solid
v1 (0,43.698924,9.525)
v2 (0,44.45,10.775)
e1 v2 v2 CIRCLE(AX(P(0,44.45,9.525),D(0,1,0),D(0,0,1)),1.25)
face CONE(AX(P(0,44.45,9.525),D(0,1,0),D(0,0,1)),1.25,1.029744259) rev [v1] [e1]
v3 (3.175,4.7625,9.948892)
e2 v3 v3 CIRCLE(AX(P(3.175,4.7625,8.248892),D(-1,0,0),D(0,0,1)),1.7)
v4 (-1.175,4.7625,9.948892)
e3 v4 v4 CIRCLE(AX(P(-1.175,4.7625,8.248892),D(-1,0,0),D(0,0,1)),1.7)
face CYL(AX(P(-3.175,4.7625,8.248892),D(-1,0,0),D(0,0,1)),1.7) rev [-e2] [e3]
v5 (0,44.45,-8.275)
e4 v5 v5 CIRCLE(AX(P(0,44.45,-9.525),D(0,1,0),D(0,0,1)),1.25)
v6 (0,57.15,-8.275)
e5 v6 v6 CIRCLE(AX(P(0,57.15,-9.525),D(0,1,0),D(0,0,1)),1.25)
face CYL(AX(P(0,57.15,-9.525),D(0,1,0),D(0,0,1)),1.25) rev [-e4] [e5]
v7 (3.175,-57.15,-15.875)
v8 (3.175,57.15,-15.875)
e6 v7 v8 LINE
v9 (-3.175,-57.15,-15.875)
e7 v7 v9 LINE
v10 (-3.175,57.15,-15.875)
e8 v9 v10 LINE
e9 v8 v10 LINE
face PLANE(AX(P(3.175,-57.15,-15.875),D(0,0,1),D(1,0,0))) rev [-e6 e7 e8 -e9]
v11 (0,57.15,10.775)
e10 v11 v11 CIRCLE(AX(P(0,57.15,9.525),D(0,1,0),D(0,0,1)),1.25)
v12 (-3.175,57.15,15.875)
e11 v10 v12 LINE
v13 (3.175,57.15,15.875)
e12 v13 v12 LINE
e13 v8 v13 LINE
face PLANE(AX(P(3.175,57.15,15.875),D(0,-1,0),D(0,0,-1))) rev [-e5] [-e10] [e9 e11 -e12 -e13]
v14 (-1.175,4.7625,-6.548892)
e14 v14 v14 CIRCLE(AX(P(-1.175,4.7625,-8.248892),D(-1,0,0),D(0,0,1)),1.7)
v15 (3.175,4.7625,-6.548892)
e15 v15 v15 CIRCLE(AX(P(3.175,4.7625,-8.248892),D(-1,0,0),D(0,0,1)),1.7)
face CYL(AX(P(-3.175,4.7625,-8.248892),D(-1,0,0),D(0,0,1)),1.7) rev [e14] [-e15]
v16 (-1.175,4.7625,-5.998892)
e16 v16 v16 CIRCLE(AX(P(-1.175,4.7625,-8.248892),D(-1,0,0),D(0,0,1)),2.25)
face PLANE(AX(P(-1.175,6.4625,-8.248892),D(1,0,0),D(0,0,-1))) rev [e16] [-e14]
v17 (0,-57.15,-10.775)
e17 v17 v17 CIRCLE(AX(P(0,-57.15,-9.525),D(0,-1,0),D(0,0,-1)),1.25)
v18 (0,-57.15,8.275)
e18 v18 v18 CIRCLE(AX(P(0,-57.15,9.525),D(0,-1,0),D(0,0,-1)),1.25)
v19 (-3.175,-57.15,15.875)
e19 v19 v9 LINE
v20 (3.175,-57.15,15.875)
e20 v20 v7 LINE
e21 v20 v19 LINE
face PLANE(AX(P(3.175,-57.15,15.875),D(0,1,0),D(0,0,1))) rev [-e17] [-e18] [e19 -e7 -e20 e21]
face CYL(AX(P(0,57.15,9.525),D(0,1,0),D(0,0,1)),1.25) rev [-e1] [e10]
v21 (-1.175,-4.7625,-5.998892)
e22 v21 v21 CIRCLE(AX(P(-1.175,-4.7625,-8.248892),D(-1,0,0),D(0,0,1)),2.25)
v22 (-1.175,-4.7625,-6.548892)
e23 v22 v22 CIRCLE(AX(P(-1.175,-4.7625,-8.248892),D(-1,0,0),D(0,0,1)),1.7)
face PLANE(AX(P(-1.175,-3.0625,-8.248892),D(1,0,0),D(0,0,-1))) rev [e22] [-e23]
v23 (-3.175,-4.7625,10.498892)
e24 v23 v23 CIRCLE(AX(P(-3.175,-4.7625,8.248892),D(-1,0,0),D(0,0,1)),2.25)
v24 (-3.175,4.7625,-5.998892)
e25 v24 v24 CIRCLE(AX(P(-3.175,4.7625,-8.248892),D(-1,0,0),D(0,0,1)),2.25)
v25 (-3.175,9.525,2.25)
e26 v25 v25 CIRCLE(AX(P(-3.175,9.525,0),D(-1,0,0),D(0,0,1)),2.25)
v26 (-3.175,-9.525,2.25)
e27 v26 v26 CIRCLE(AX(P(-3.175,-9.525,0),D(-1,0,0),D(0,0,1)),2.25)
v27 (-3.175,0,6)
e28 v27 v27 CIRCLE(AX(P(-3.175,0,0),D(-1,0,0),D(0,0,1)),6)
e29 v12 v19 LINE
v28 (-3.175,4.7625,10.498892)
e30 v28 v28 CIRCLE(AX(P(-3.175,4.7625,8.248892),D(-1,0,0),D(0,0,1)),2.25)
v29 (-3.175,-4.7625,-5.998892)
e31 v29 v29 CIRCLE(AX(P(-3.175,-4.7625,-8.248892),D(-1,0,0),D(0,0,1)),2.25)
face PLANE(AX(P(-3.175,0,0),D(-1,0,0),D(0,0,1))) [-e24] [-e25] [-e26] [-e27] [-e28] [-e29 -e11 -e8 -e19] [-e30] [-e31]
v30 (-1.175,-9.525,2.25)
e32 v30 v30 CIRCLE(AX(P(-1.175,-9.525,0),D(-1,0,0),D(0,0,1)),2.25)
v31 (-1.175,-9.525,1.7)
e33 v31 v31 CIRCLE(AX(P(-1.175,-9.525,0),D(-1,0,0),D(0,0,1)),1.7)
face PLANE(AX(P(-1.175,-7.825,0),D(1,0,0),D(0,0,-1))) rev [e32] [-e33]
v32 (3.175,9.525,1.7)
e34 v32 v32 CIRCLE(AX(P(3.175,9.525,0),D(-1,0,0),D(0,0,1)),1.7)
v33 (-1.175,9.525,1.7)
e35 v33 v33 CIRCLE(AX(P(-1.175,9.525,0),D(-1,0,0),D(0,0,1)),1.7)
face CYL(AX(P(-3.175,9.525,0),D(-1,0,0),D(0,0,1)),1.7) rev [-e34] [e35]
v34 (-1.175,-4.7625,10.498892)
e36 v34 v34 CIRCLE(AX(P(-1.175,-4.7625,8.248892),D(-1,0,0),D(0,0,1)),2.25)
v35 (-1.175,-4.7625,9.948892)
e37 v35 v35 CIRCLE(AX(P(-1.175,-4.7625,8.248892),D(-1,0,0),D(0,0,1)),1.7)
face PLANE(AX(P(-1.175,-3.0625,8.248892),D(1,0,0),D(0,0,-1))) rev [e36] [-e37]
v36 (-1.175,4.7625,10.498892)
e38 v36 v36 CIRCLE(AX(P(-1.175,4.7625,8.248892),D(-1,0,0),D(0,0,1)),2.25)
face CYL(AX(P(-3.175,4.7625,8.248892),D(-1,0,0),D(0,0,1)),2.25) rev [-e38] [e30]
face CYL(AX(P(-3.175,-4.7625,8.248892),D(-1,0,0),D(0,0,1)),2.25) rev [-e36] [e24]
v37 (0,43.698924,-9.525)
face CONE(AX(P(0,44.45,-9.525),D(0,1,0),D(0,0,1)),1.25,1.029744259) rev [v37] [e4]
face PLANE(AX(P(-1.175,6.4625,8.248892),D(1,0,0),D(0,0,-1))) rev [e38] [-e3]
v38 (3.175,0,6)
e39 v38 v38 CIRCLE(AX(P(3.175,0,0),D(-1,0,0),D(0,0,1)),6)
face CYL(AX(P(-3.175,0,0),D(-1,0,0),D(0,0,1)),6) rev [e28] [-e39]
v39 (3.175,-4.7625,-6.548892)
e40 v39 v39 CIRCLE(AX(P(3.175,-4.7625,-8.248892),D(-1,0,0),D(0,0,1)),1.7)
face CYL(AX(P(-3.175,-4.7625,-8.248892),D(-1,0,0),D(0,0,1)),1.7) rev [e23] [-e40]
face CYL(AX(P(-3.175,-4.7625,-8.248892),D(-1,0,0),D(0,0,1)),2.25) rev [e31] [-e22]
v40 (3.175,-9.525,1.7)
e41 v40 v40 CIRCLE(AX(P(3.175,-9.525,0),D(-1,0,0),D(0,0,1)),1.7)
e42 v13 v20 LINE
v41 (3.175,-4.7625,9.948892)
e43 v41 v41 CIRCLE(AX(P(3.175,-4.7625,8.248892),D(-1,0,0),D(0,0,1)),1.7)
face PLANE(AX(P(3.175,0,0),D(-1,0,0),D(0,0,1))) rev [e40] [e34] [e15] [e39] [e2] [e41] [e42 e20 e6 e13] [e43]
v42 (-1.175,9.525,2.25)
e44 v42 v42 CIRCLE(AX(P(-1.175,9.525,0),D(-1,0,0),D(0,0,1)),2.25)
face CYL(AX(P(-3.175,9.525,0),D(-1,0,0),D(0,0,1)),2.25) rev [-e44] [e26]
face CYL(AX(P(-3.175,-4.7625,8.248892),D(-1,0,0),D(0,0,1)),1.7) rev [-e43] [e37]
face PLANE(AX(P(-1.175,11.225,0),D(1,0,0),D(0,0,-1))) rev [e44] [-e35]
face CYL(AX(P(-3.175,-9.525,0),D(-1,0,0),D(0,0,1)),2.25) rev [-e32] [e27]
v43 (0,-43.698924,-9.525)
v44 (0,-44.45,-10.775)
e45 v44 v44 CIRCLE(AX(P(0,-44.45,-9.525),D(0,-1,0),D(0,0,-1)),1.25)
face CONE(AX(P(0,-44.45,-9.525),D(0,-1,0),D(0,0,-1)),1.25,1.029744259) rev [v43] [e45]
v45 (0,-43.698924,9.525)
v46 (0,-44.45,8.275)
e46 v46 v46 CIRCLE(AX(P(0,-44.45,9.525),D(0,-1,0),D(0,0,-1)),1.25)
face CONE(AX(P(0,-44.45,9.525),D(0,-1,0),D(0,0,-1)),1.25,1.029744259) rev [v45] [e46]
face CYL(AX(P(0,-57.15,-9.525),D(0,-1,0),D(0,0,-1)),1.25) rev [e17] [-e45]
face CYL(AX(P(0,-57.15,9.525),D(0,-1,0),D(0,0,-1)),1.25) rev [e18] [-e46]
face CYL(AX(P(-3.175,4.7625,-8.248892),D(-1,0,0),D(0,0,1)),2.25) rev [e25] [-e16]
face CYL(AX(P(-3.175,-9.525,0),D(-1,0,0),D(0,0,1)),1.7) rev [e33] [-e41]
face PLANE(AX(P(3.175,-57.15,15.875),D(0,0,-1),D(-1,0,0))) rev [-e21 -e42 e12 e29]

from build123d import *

# Parameters (mm, degrees)
SKETCH1_W                      = 31.75
SKETCH1_H                      = 114.3
BOSS_EXTRUDE1_DEPTH            = 3.175
M3X0_5_TAPPED_HOLE1_AT_2_COUNT = 2
M3X0_5_TAPPED_HOLE1_AT_2_PITCH = 19.05
F_12_0MM_DOWEL_HOLE1_D         = 12
CBORE_FOR_M3_SHCS1_D           = 3.4
CBORE_FOR_M3_SHCS1_DEPTH       = 11.678536948
CBORE_FOR_M3_SHCS1_CBORE_D     = 4.5
CBORE_FOR_M3_SHCS1_CBORE_DEPTH = 2
CBORE_FOR_M3_SHCS1_TIP         = 1.021463052


with BuildPart() as part:
    # Sketch1 → Boss-Extrude1 (new, symmetric)
    with BuildSketch(Plane(origin=(0, 0, 0), x_dir=(0, 0, -1), z_dir=(1, 0, 0))):
        Rectangle(SKETCH1_W, SKETCH1_H)
    extrude(amount=BOSS_EXTRUDE1_DEPTH, both=True)

    # Sketch5 → M3x0.5 Tapped Hole1 (revolve, cut)
    with BuildSketch(Plane(origin=(0, 57.15, -9.525), x_dir=(0, 0, 1), z_dir=(1, 0, 0))):
        Polygon((0, 0), (0, 13.451075774), (1.25, 12.7), (1.25, 0), align=None)
    m3x0_5_tapped_hole1 = revolve(axis=Axis((0, 63.5, -9.525), (0, -1, 0)), mode=Mode.SUBTRACT)

    # M3x0.5 Tapped Hole1 at 2: M3x0.5 Tapped Hole1 ×2
    with Locations(*[(0, 0, i * M3X0_5_TAPPED_HOLE1_AT_2_PITCH) for i in range(1, M3X0_5_TAPPED_HOLE1_AT_2_COUNT)]):
        add(m3x0_5_tapped_hole1, mode=Mode.SUBTRACT)

    # Mirror1: M3x0.5 Tapped Hole1 across plane
    add(m3x0_5_tapped_hole1.mirror(Plane.ZX), mode=Mode.SUBTRACT)

    # Mirror1 copy 1 sketch → Mirror1 copy 1 (revolve, cut)
    with BuildSketch(Plane(origin=(0, -57.15, 9.525), x_dir=(0, 0, 1), z_dir=(1, 0, 0))):
        Polygon((0, 0), (0, -13.451075774), (1.25, -12.7), (1.25, 0), align=None)
    revolve(axis=Axis((0, -63.5, 9.525), (0, -1, 0)), mode=Mode.SUBTRACT)

    # Ø12.0mm Dowel Hole1 (through all)
    with Locations(Plane.ZY.offset(3.175)):
        with Locations((0, 0)):
            Hole(F_12_0MM_DOWEL_HOLE1_D / 2)

    # CBORE for M3 SHCS1
    with Locations(Plane.ZY.offset(3.175)):
        with Locations((8.248891971, -4.7625), (8.248891971, 4.7625), (0, 9.525), (-8.248891971, 4.7625), (-8.248891971, -4.7625), (0, -9.525)):
            CounterBoreHole(CBORE_FOR_M3_SHCS1_D / 2, CBORE_FOR_M3_SHCS1_CBORE_D / 2, CBORE_FOR_M3_SHCS1_CBORE_DEPTH, depth=CBORE_FOR_M3_SHCS1_DEPTH)
            with Locations((0, 0, -(CBORE_FOR_M3_SHCS1_DEPTH + CBORE_FOR_M3_SHCS1_TIP / 2))):  # 118° drill point
                Cone(0, CBORE_FOR_M3_SHCS1_D / 2, CBORE_FOR_M3_SHCS1_TIP, mode=Mode.SUBTRACT)


solid = part.part
